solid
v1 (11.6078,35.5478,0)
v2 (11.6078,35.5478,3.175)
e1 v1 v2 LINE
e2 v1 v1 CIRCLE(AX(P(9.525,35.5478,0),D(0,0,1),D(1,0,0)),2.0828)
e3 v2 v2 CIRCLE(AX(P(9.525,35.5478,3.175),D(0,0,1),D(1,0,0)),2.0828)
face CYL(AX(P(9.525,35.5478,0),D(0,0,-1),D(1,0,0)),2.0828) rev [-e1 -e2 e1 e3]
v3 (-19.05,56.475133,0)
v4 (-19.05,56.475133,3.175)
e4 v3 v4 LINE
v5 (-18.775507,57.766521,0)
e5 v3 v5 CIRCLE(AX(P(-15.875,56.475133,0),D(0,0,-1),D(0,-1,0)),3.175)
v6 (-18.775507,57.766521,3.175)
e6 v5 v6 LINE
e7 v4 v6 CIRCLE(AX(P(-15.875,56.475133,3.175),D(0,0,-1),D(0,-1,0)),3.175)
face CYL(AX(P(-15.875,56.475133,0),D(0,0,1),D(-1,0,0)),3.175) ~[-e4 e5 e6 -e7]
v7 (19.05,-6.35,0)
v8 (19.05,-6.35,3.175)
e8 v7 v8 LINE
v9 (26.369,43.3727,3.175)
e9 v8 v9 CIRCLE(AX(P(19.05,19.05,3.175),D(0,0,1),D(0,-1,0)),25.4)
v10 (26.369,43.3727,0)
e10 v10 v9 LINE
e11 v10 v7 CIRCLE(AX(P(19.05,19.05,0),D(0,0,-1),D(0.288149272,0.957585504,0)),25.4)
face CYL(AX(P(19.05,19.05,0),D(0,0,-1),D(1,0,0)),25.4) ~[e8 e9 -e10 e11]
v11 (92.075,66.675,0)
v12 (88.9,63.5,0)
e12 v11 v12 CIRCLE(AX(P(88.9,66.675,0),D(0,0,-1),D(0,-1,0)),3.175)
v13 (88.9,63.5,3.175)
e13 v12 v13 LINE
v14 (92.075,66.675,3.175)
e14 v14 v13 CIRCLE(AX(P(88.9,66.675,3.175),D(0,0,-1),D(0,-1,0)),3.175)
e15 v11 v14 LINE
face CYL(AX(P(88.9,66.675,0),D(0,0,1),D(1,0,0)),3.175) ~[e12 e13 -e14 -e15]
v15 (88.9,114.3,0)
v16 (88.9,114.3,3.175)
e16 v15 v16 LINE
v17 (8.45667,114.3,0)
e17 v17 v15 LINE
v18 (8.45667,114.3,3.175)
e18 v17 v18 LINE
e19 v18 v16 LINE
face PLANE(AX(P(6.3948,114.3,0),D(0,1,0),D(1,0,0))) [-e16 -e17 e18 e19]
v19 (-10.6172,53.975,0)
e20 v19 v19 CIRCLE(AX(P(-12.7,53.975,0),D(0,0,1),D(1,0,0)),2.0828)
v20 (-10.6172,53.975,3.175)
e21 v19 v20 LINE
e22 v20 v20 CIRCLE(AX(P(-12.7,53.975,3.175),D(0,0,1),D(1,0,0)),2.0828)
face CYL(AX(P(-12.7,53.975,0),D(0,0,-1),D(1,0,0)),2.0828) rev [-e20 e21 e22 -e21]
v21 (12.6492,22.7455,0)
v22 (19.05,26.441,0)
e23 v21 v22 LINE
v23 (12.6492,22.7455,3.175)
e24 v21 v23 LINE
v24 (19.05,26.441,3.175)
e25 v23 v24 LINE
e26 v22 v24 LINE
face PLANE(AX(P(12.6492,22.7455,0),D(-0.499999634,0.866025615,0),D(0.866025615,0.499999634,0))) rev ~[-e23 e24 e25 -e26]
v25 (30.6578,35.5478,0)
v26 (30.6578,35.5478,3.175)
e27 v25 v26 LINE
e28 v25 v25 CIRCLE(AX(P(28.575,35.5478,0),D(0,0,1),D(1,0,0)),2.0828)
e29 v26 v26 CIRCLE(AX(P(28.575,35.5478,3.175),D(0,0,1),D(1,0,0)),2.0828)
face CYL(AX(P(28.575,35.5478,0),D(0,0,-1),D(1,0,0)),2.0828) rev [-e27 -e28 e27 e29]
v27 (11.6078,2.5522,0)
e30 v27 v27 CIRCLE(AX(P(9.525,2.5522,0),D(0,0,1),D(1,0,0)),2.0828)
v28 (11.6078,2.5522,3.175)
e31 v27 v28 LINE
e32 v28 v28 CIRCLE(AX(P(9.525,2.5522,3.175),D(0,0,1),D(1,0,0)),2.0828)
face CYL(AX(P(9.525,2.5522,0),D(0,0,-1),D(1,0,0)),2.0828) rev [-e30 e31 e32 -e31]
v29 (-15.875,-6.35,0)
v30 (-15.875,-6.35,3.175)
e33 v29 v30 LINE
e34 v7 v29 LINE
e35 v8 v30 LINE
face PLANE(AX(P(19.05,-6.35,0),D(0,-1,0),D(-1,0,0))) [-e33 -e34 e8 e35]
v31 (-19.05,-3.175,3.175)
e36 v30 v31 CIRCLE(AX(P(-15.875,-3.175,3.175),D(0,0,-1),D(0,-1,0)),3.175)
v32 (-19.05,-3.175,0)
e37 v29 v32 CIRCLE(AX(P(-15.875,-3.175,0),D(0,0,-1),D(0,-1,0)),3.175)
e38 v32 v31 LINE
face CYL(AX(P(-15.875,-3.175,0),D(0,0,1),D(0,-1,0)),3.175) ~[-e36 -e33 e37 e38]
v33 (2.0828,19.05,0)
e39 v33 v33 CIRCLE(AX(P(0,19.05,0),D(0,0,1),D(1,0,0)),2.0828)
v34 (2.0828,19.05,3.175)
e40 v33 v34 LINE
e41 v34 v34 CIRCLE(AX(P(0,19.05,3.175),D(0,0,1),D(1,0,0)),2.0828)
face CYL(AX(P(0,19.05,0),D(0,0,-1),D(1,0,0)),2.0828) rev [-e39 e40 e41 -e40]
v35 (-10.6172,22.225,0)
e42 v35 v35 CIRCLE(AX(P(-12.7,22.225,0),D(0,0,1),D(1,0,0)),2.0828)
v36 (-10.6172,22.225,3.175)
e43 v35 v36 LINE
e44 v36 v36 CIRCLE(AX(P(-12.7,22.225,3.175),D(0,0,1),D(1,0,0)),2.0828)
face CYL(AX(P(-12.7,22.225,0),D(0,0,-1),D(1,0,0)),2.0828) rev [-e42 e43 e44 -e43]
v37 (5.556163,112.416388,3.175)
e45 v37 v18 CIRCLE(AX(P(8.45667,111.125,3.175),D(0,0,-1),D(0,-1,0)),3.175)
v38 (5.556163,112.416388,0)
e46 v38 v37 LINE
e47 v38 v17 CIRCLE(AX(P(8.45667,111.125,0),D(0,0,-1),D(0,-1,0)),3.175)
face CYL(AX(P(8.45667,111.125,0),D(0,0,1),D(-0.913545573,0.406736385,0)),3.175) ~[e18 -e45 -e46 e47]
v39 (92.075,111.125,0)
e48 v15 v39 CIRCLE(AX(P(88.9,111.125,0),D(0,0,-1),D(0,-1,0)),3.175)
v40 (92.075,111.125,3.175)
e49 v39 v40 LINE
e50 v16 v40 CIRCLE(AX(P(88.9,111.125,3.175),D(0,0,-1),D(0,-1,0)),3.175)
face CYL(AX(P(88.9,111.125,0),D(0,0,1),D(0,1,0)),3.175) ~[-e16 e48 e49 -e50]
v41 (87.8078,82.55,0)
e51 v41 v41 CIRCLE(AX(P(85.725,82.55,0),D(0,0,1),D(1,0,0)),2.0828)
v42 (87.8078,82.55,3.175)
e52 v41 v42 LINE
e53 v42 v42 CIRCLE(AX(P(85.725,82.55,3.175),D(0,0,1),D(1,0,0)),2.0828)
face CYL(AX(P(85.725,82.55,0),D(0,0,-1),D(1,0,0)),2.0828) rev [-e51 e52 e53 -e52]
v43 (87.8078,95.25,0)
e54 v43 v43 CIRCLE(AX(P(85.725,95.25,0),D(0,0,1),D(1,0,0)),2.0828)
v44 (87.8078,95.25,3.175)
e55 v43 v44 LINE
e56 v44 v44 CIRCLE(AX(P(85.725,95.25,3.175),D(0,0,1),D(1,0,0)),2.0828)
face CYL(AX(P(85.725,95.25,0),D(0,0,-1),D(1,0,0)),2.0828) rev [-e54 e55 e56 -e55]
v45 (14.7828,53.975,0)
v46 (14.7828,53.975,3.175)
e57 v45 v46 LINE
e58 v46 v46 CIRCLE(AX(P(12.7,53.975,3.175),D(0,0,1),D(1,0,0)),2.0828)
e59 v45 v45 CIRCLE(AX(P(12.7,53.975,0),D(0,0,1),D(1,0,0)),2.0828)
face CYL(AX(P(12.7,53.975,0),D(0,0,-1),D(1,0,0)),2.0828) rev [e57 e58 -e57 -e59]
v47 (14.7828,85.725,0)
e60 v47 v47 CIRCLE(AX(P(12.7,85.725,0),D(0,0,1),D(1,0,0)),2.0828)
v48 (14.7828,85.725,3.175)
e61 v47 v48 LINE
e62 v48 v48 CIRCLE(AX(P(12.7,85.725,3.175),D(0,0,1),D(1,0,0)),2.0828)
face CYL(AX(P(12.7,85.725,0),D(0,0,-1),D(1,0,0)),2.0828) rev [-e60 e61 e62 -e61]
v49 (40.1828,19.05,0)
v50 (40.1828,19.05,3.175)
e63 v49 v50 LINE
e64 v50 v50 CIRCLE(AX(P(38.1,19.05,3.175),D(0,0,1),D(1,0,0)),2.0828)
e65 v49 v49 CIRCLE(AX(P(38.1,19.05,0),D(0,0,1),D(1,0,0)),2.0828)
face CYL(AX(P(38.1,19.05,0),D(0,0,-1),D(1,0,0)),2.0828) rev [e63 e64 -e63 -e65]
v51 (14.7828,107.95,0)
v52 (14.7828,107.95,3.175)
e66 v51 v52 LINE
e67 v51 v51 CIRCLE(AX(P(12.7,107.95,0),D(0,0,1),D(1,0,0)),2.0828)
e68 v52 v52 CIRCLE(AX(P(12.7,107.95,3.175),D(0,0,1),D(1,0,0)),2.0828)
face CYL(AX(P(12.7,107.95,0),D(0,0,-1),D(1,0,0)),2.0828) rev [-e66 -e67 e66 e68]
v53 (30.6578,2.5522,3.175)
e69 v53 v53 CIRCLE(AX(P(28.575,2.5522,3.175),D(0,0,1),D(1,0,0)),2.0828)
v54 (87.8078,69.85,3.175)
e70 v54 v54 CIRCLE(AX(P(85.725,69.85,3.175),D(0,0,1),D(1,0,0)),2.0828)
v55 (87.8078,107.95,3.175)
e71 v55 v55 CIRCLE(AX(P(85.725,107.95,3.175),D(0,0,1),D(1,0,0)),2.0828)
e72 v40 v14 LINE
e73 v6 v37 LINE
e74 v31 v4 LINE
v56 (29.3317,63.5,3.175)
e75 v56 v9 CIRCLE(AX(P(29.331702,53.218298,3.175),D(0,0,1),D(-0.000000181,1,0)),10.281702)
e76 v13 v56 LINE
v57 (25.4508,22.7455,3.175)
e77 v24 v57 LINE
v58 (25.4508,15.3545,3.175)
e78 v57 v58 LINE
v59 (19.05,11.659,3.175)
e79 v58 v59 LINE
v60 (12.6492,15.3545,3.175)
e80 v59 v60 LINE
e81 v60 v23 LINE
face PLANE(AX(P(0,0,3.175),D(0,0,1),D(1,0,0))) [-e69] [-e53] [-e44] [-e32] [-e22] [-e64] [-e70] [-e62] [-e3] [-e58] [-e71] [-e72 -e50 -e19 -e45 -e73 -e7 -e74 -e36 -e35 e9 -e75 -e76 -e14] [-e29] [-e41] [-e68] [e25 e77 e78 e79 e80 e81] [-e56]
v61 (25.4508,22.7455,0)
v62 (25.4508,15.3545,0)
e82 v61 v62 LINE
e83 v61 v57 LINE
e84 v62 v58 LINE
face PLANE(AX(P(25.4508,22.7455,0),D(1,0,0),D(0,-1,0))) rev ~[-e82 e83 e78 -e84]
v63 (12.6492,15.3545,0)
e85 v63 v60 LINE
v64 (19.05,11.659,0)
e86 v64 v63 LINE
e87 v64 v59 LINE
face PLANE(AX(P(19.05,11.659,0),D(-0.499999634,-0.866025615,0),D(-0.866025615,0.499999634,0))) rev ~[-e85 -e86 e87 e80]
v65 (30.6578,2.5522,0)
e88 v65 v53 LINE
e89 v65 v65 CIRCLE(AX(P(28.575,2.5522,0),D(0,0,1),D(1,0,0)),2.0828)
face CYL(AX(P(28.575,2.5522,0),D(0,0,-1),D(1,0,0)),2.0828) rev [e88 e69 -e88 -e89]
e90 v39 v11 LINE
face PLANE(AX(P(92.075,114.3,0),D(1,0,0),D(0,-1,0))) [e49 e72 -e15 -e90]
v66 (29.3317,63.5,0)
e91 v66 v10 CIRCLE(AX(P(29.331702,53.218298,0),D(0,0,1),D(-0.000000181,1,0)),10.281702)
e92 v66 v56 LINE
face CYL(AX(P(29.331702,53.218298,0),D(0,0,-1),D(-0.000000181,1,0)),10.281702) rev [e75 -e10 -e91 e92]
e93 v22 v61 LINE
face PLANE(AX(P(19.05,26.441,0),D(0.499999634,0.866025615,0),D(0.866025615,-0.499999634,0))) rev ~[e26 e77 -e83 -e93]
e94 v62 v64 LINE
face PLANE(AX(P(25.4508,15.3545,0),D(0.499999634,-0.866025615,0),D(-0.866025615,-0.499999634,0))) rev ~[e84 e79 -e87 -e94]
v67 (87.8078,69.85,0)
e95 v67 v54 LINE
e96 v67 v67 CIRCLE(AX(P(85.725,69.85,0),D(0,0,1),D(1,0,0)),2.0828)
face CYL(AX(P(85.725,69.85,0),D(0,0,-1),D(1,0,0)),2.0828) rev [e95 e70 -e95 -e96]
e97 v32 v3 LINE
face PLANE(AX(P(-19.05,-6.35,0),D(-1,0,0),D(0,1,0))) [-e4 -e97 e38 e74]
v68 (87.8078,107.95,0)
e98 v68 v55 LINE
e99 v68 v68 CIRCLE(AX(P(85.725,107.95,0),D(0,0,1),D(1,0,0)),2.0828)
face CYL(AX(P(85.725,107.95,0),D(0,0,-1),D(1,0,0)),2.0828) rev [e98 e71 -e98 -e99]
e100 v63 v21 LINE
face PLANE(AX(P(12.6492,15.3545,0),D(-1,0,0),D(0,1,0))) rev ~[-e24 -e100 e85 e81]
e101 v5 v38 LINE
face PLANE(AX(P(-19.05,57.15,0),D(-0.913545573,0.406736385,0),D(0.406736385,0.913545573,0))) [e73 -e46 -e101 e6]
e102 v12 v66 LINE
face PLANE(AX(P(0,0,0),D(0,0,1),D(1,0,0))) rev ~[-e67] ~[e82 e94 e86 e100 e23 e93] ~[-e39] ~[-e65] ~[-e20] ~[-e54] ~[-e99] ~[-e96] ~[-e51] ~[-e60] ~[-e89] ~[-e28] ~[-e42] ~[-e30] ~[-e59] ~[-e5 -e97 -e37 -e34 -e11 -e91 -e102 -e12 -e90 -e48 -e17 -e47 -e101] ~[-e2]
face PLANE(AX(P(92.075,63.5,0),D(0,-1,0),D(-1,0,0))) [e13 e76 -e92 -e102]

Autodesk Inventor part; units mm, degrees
ref_plane "YZ Plane" through (0, 0, 0) normal (1, 0, 0) x (0, 1, 0)
ref_plane "XZ Plane" through (0, 0, 0) normal (0, 1, 0) x (-1, 0, 0)
ref_plane "XY Plane" through (0, 0, 0) normal (0, 0, 1) x (1, 0, 0)
sketch "Sketch1" plane through (0, 0, 0) normal (0, 0, 1) x (1, 0, 0)
  circle A0 centre (19.05, 19.05) radius 7.9375
  circle A1 centre (0, 19.05) radius 2.0828
  line L0 (0, 19.05) -> (19.05, 19.05) construction
  circle A2 centre (9.525, 2.5522) radius 2.0828
  circle A3 centre (28.575, 2.5522) radius 2.0828
  circle A4 centre (38.1, 19.05) radius 2.0828
  circle A5 centre (28.575, 35.5478) radius 2.0828
  circle A6 centre (9.525, 35.5478) radius 2.0828
  circle A7 centre (19.05, 19.05) radius 25.4
  line L1 (19.05, -6.35) -> (-19.05, -6.35)
  line L2 (-19.05, -6.35) -> (-19.05, 57.15)
  line L3 (6.3948, 114.3) -> (92.075, 114.3)
  line L4 (92.075, 114.3) -> (92.075, 63.5)
  line L5 (92.075, 63.5) -> (29.3317, 63.5)
  line L6 (-121.3454, 55.7276) -> (199.3502, 55.7276) construction
  arc A8 (29.3317, 63.5) -> (26.369, 43.3727) centre (29.3317, 53.2183) ccw
  circle A9 centre (85.725, 69.85) radius 2.0828
  circle A10 centre (85.725, 82.55) radius 2.0828
  circle A11 centre (85.725, 95.25) radius 2.0828
  circle A12 centre (85.725, 107.95) radius 2.0828
  line L7 (29.3317, 53.2183) -> (19.05, 53.2183) construction
  line L8 (-19.05, 57.15) -> (6.3948, 114.3)
  circle A13 centre (-12.7, 53.975) radius 2.0828
  circle A14 centre (12.7, 53.975) radius 2.0828
  circle A15 centre (12.7, 85.725) radius 2.0828
  circle A16 centre (-12.7, 22.225) radius 2.0828
  circle A17 centre (12.7, 107.95) radius 2.0828
  line L9 (19.05, 26.441) -> (25.4508, 22.7455)
  line L10 (25.4508, 22.7455) -> (25.4508, 15.3545)
  line L11 (25.4508, 15.3545) -> (19.05, 11.659)
  line L12 (19.05, 11.659) -> (12.6492, 15.3545)
  line L13 (12.6492, 15.3545) -> (12.6492, 22.7455)
  line L14 (12.6492, 22.7455) -> (19.05, 26.441)
  line L15 (19.05, 19.05) -> (38.1, 19.05) construction
  point P0 (0, 0)
  point P1 (19.05, 44.45)
  dimension "d7" = 15.875
  dimension "d23" = 4.1656
  dimension "d25" = 19.05
  dimension "d29" = 360
  dimension "d41" = 50.8
  dimension "d42" = 19.05
  dimension "d43" = 19.05
  dimension "d44" = 38.1
  dimension "d55" = 73.025
  dimension "d57" = 4.1656
  dimension "d58" = 6.35
  dimension "d59" = 6.35
  dimension "d62" = 12.7
  dimension "d67" = 6.35
  dimension "d68" = 36.6776
  dimension "d69" = 50.8
  dimension "d70" = 38.1
  dimension "d71" = 114
  dimension "d72" = 57.15
  dimension "d76" = 56.3933
  dimension "d78" = 6.35
  dimension "d79" = 3.175
  dimension "d84" = 25.4
  dimension "d91" = 31.75
  dimension "d98" = 31.75
  dimension "d105" = 22.225
  dimension "d110" = 12.8016
extrude "Extrusion1" add sketch "Sketch1" along normal blind 3.175 contours A0 | A7 | A7 L1 L2 L8 L3 L4 L5 A8
fillet "Fillet1" radius 3.175 5 edges at (6.3948, 114.3, 1.5875) (-19.05, 57.15, 1.5875) (92.075, 114.3, 1.5875) (92.075, 63.5, 1.5875) (-19.05, -6.35, 1.5875)
equation "\"d67\" = d58"
properties part number "Lexan flexible Arm Mount" material "Polycarbonate, Clear"
